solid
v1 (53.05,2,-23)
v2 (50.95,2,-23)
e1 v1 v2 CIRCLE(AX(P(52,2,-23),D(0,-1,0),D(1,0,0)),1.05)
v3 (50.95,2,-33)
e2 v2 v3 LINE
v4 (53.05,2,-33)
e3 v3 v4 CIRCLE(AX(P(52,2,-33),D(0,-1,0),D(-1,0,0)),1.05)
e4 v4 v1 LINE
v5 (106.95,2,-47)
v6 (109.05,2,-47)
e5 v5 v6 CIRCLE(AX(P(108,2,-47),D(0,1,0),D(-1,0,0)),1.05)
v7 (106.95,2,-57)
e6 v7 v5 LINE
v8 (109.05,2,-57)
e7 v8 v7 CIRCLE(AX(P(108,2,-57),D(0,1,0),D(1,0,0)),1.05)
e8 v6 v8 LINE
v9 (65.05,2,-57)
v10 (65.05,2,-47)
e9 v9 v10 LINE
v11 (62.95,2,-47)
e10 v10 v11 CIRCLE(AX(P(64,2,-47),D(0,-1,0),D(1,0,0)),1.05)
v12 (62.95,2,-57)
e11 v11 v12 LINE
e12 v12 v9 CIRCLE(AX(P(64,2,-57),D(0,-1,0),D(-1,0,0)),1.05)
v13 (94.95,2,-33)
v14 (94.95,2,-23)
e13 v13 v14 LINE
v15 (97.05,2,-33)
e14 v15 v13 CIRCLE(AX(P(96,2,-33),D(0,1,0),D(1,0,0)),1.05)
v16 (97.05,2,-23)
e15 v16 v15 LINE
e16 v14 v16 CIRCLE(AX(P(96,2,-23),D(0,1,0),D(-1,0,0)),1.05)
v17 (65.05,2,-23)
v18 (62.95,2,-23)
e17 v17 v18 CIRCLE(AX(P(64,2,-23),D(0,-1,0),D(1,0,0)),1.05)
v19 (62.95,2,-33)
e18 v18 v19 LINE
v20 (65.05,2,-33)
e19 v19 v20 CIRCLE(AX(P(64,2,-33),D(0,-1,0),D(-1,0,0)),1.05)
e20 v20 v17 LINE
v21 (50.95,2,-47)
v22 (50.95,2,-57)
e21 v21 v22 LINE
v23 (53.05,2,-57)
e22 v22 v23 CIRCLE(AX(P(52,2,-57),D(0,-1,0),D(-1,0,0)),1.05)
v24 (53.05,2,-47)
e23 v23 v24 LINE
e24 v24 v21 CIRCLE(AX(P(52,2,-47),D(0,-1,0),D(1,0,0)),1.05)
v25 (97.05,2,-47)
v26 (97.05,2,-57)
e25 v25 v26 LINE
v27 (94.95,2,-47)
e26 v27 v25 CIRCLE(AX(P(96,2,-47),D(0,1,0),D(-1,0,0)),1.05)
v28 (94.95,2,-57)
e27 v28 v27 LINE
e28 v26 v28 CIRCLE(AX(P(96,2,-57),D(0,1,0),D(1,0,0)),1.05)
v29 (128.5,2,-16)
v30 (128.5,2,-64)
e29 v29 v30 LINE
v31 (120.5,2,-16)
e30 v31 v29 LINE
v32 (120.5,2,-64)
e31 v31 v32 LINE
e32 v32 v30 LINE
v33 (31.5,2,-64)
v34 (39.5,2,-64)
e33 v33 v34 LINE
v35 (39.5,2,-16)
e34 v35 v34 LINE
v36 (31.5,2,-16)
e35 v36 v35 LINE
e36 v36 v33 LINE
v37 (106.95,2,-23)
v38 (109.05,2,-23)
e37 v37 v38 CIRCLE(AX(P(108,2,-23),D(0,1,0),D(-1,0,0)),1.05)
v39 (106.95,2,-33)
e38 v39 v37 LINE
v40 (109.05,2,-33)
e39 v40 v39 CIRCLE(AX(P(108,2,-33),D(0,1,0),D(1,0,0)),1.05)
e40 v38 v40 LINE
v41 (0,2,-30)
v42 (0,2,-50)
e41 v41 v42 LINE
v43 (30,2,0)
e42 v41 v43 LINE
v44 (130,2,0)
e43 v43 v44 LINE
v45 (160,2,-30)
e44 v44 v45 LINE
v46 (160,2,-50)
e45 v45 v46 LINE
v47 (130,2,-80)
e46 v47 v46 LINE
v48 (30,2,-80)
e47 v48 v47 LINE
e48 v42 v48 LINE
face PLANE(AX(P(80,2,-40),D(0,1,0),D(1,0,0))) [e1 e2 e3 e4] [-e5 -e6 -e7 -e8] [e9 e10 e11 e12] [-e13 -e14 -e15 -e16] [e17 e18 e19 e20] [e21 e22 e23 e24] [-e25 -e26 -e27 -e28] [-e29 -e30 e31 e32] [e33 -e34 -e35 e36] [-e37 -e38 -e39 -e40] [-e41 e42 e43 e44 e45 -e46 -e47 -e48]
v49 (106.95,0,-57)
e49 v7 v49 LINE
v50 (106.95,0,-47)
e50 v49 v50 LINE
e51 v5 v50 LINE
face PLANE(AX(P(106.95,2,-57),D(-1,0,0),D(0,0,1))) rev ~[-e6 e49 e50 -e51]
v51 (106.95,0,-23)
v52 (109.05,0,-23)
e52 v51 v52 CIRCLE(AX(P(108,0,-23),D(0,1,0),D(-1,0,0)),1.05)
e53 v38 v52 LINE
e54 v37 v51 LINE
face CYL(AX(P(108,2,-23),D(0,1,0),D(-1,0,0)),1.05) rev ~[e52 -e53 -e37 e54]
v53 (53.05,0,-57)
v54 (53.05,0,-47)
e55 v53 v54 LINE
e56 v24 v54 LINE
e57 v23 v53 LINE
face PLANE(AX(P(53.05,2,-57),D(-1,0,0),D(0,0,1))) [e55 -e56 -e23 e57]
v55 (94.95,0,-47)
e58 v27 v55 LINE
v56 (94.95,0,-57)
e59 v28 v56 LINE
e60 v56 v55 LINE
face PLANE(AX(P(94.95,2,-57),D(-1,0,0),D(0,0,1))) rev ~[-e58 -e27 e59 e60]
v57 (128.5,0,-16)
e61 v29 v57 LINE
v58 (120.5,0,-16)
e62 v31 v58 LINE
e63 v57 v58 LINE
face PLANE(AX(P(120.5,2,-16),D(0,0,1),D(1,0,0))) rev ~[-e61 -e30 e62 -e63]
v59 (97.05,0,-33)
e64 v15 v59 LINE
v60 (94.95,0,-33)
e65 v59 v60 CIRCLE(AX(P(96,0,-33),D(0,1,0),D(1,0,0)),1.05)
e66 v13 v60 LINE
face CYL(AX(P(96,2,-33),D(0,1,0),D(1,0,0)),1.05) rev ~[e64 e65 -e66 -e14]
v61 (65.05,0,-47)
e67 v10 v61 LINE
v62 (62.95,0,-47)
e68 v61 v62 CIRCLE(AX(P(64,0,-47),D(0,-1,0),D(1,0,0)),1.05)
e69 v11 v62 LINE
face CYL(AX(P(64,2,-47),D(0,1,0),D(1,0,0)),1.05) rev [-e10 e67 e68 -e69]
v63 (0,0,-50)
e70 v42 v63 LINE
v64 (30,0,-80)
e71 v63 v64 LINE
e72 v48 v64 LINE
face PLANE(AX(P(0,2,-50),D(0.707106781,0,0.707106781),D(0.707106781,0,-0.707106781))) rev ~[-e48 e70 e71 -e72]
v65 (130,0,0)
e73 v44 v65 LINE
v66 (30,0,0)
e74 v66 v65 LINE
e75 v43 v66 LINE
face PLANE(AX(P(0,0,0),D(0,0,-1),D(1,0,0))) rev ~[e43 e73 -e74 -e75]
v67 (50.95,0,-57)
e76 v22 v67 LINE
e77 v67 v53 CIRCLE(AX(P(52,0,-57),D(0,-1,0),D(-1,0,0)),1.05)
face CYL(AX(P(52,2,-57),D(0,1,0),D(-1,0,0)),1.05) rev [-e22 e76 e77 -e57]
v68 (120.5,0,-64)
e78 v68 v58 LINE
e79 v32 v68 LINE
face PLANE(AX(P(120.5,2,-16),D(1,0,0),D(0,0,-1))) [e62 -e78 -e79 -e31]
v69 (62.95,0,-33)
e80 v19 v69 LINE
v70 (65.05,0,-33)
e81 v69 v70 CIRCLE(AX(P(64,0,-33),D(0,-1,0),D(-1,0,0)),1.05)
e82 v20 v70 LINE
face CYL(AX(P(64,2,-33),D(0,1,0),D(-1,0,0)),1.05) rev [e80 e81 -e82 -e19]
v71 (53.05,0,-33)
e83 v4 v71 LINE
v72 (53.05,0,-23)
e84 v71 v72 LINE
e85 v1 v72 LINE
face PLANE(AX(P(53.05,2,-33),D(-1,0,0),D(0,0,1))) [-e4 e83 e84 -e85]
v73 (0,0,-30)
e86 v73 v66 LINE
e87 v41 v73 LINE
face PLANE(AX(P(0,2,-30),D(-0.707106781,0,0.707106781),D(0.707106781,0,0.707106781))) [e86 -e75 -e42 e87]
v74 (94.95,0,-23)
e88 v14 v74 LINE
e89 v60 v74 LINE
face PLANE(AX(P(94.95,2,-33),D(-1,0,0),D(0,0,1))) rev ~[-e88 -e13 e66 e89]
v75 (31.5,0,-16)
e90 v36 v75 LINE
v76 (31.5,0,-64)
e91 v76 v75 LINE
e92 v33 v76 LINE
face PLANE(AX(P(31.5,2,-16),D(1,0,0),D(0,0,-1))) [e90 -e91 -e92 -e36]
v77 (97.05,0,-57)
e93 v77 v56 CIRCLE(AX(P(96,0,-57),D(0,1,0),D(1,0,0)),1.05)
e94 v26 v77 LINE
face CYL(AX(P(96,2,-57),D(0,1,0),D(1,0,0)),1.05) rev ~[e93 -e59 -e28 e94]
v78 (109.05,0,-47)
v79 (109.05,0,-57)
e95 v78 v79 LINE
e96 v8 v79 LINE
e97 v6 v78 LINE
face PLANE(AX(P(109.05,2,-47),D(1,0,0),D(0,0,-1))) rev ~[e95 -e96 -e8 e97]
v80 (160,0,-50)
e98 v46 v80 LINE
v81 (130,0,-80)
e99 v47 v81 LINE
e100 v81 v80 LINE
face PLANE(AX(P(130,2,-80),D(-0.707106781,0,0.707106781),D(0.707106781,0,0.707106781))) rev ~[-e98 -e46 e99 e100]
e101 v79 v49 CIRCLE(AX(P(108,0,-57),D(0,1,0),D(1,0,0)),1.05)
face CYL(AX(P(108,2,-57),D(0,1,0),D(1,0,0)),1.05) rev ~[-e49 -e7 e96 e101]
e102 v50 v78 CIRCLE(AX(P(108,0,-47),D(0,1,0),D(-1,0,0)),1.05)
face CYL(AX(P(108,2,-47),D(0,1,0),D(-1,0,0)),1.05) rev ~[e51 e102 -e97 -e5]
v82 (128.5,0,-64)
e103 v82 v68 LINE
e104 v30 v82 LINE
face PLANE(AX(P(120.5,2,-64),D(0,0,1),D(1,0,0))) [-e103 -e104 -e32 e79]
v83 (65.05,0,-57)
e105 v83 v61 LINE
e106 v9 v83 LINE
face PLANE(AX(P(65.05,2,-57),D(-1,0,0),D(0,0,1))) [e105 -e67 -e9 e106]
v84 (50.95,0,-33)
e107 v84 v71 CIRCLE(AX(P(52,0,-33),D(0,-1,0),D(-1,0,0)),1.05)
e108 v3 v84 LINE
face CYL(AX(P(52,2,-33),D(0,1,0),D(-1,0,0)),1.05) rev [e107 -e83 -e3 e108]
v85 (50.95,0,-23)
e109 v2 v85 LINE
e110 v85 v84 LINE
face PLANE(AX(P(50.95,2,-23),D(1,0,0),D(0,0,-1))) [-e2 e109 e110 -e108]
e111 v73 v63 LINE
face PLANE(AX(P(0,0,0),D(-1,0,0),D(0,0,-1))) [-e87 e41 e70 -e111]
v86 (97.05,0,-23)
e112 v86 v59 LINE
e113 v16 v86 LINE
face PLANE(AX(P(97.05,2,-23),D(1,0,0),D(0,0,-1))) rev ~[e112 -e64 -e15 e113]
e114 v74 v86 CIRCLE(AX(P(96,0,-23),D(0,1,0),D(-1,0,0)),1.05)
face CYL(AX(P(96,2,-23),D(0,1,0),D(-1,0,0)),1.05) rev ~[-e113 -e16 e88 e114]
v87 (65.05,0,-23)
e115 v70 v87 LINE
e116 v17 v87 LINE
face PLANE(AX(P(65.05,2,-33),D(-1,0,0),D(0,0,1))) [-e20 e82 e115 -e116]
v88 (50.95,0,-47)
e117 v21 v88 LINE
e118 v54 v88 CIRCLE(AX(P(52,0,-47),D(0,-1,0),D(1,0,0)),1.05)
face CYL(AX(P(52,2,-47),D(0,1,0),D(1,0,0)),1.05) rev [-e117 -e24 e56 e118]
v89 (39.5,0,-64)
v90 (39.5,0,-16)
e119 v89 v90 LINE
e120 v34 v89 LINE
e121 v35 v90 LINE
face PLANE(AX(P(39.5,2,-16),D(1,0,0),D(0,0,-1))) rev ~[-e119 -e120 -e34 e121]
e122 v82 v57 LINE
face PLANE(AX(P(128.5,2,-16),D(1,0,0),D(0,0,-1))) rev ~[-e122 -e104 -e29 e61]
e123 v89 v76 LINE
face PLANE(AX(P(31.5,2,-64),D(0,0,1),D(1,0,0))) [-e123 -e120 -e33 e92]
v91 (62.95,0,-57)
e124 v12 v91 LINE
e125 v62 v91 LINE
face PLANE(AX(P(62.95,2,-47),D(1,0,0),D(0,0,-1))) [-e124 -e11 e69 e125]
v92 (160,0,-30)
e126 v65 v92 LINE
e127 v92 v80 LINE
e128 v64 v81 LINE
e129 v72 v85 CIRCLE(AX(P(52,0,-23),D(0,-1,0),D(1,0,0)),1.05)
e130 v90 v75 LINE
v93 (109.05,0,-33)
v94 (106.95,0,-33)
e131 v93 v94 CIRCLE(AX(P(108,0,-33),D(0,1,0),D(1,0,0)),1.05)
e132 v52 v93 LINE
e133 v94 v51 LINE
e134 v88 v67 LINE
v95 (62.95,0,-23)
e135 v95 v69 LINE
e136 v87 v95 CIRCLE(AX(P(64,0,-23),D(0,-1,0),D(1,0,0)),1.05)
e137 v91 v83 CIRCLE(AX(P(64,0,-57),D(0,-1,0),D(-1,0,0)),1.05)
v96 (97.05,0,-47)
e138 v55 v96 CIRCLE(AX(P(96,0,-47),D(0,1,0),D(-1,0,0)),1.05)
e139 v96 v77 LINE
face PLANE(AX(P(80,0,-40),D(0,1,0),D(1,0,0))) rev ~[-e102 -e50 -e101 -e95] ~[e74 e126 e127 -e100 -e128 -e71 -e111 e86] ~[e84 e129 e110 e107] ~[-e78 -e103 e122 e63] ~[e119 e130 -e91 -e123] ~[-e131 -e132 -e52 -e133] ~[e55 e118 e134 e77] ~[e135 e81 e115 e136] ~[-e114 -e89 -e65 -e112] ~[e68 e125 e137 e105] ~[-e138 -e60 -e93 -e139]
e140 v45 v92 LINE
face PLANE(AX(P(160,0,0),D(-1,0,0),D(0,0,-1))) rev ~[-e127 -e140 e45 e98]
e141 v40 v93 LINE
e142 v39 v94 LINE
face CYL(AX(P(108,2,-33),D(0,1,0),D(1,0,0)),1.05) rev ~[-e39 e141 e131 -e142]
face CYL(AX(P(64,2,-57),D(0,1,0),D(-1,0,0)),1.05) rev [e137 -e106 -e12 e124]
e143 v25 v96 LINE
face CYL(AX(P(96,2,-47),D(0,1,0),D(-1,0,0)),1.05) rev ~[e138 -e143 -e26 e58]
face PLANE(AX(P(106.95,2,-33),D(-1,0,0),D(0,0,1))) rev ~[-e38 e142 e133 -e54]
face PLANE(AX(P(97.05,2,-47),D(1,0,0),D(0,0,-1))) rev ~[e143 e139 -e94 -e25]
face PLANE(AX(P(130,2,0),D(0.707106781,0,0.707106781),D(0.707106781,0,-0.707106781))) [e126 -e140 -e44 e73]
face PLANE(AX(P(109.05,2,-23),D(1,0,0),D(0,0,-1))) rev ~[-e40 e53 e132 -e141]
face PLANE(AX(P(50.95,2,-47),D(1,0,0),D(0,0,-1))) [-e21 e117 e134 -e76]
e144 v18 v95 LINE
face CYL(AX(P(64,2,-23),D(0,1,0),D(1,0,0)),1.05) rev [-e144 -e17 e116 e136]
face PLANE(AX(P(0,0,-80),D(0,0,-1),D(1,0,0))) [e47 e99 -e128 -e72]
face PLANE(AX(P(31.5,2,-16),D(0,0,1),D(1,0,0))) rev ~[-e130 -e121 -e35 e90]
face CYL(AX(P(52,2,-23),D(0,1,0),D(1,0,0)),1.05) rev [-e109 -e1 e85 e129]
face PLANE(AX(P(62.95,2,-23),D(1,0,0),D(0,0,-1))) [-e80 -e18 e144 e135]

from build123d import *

# Parameters (mm, degrees)
ESQUISSE1_W             = 160
ESQUISSE1_H             = 80
BOSS_EXTRU_1_DEPTH      = 2
ENL_V_MAT_EXTRU_2_DEPTH = 2
ENL_V_MAT_EXTRU_3_DEPTH = 2
ENL_V_MAT_EXTRU_4_REACH = 4
ESQUISSE8_W             = 8
ESQUISSE8_H             = 48


with BuildPart() as part:
    # Esquisse1 → Boss.-Extru.1 (new body)
    with BuildSketch(Plane(origin=(0, 0, 0), x_dir=(1, 0, 0), z_dir=(0, 1, 0))):
        with Locations((80, 40)):
            Rectangle(ESQUISSE1_W, ESQUISSE1_H)
    extrude(amount=BOSS_EXTRU_1_DEPTH)

    # Esquisse2 → Enlèv. mat.-Extru.2 (cut)
    with BuildSketch(Plane(origin=(0, 2, 0), x_dir=(1, 0, 0), z_dir=(0, 1, 0))):
        Polygon((0, 50), (30, 80), (0, 80), align=None)
        Polygon((130, 80), (160, 50), (160, 80), align=None)
        Polygon((130, 0), (160, 30), (160, 0), align=None)
        Polygon((0, 30), (30, 0), (0, 0), align=None)
    extrude(amount=-ENL_V_MAT_EXTRU_2_DEPTH, mode=Mode.SUBTRACT)

    # Esquisse7 → Enlèv. mat.-Extru.3 (cut)
    with BuildSketch(Plane(origin=(0, 2, 0), x_dir=(1, 0, 0), z_dir=(0, 1, 0))):
        with BuildLine():
            Line((62.95, 23), (62.95, 33))
            ThreePointArc((62.95, 33), (64, 34.05), (65.05, 33))
            Line((65.05, 33), (65.05, 23))
            ThreePointArc((65.05, 23), (64, 21.95), (62.95, 23))
        make_face()
        with BuildLine():
            Line((50.95, 23), (50.95, 33))
            ThreePointArc((50.95, 33), (52, 34.05), (53.05, 33))
            Line((53.05, 33), (53.05, 23))
            ThreePointArc((53.05, 23), (52, 21.95), (50.95, 23))
        make_face()
        with BuildLine():
            Line((50.95, 47), (50.95, 57))
            ThreePointArc((50.95, 57), (52, 58.05), (53.05, 57))
            Line((53.05, 57), (53.05, 47))
            ThreePointArc((53.05, 47), (52, 45.95), (50.95, 47))
        make_face()
        with BuildLine():
            Line((62.95, 47), (62.95, 57))
            ThreePointArc((62.95, 57), (64, 58.05), (65.05, 57))
            Line((65.05, 57), (65.05, 47))
            ThreePointArc((65.05, 47), (64, 45.95), (62.95, 47))
        make_face()
        with BuildLine():
            Line((97.05, 47), (97.05, 57))
            ThreePointArc((97.05, 57), (96, 58.05), (94.95, 57))
            Line((94.95, 57), (94.95, 47))
            ThreePointArc((94.95, 47), (96, 45.95), (97.05, 47))
        make_face()
        with BuildLine():
            Line((109.05, 47), (109.05, 57))
            ThreePointArc((109.05, 57), (108, 58.05), (106.95, 57))
            Line((106.95, 57), (106.95, 47))
            ThreePointArc((106.95, 47), (108, 45.95), (109.05, 47))
        make_face()
        with BuildLine():
            Line((109.05, 23), (109.05, 33))
            ThreePointArc((109.05, 33), (108, 34.05), (106.95, 33))
            Line((106.95, 33), (106.95, 23))
            ThreePointArc((106.95, 23), (108, 21.95), (109.05, 23))
        make_face()
        with BuildLine():
            Line((97.05, 23), (97.05, 33))
            ThreePointArc((97.05, 33), (96, 34.05), (94.95, 33))
            Line((94.95, 33), (94.95, 23))
            ThreePointArc((94.95, 23), (96, 21.95), (97.05, 23))
        make_face()
    extrude(amount=-ENL_V_MAT_EXTRU_3_DEPTH, mode=Mode.SUBTRACT)

    # Esquisse8 → Enlèv. mat.-Extru.4 (cut, up to next)
    with BuildSketch(Plane(origin=(0, 2, 0), x_dir=(1, 0, 0), z_dir=(0, 1, 0)), mode=Mode.PRIVATE) as enl_v_mat_extru_4_sk1:
        with Locations((124.5, 40)):
            Rectangle(ESQUISSE8_W, ESQUISSE8_H)
    enl_v_mat_extru_4_tool1 = extrude(enl_v_mat_extru_4_sk1.sketch, amount=-ENL_V_MAT_EXTRU_4_REACH, mode=Mode.PRIVATE) & part.part
    add(enl_v_mat_extru_4_tool1.solids().sort_by_distance((124.5, 2, -40))[0], mode=Mode.SUBTRACT)
    # Esquisse8 → Enlèv. mat.-Extru.4 (cut, up to next)
    with BuildSketch(Plane(origin=(0, 2, 0), x_dir=(1, 0, 0), z_dir=(0, 1, 0)), mode=Mode.PRIVATE) as enl_v_mat_extru_4_sk2:
        with Locations((35.5, 40)):
            Rectangle(ESQUISSE8_W, ESQUISSE8_H)
    enl_v_mat_extru_4_tool2 = extrude(enl_v_mat_extru_4_sk2.sketch, amount=-ENL_V_MAT_EXTRU_4_REACH, mode=Mode.PRIVATE) & part.part
    add(enl_v_mat_extru_4_tool2.solids().sort_by_distance((35.5, 2, -40))[0], mode=Mode.SUBTRACT)


solid = part.part
